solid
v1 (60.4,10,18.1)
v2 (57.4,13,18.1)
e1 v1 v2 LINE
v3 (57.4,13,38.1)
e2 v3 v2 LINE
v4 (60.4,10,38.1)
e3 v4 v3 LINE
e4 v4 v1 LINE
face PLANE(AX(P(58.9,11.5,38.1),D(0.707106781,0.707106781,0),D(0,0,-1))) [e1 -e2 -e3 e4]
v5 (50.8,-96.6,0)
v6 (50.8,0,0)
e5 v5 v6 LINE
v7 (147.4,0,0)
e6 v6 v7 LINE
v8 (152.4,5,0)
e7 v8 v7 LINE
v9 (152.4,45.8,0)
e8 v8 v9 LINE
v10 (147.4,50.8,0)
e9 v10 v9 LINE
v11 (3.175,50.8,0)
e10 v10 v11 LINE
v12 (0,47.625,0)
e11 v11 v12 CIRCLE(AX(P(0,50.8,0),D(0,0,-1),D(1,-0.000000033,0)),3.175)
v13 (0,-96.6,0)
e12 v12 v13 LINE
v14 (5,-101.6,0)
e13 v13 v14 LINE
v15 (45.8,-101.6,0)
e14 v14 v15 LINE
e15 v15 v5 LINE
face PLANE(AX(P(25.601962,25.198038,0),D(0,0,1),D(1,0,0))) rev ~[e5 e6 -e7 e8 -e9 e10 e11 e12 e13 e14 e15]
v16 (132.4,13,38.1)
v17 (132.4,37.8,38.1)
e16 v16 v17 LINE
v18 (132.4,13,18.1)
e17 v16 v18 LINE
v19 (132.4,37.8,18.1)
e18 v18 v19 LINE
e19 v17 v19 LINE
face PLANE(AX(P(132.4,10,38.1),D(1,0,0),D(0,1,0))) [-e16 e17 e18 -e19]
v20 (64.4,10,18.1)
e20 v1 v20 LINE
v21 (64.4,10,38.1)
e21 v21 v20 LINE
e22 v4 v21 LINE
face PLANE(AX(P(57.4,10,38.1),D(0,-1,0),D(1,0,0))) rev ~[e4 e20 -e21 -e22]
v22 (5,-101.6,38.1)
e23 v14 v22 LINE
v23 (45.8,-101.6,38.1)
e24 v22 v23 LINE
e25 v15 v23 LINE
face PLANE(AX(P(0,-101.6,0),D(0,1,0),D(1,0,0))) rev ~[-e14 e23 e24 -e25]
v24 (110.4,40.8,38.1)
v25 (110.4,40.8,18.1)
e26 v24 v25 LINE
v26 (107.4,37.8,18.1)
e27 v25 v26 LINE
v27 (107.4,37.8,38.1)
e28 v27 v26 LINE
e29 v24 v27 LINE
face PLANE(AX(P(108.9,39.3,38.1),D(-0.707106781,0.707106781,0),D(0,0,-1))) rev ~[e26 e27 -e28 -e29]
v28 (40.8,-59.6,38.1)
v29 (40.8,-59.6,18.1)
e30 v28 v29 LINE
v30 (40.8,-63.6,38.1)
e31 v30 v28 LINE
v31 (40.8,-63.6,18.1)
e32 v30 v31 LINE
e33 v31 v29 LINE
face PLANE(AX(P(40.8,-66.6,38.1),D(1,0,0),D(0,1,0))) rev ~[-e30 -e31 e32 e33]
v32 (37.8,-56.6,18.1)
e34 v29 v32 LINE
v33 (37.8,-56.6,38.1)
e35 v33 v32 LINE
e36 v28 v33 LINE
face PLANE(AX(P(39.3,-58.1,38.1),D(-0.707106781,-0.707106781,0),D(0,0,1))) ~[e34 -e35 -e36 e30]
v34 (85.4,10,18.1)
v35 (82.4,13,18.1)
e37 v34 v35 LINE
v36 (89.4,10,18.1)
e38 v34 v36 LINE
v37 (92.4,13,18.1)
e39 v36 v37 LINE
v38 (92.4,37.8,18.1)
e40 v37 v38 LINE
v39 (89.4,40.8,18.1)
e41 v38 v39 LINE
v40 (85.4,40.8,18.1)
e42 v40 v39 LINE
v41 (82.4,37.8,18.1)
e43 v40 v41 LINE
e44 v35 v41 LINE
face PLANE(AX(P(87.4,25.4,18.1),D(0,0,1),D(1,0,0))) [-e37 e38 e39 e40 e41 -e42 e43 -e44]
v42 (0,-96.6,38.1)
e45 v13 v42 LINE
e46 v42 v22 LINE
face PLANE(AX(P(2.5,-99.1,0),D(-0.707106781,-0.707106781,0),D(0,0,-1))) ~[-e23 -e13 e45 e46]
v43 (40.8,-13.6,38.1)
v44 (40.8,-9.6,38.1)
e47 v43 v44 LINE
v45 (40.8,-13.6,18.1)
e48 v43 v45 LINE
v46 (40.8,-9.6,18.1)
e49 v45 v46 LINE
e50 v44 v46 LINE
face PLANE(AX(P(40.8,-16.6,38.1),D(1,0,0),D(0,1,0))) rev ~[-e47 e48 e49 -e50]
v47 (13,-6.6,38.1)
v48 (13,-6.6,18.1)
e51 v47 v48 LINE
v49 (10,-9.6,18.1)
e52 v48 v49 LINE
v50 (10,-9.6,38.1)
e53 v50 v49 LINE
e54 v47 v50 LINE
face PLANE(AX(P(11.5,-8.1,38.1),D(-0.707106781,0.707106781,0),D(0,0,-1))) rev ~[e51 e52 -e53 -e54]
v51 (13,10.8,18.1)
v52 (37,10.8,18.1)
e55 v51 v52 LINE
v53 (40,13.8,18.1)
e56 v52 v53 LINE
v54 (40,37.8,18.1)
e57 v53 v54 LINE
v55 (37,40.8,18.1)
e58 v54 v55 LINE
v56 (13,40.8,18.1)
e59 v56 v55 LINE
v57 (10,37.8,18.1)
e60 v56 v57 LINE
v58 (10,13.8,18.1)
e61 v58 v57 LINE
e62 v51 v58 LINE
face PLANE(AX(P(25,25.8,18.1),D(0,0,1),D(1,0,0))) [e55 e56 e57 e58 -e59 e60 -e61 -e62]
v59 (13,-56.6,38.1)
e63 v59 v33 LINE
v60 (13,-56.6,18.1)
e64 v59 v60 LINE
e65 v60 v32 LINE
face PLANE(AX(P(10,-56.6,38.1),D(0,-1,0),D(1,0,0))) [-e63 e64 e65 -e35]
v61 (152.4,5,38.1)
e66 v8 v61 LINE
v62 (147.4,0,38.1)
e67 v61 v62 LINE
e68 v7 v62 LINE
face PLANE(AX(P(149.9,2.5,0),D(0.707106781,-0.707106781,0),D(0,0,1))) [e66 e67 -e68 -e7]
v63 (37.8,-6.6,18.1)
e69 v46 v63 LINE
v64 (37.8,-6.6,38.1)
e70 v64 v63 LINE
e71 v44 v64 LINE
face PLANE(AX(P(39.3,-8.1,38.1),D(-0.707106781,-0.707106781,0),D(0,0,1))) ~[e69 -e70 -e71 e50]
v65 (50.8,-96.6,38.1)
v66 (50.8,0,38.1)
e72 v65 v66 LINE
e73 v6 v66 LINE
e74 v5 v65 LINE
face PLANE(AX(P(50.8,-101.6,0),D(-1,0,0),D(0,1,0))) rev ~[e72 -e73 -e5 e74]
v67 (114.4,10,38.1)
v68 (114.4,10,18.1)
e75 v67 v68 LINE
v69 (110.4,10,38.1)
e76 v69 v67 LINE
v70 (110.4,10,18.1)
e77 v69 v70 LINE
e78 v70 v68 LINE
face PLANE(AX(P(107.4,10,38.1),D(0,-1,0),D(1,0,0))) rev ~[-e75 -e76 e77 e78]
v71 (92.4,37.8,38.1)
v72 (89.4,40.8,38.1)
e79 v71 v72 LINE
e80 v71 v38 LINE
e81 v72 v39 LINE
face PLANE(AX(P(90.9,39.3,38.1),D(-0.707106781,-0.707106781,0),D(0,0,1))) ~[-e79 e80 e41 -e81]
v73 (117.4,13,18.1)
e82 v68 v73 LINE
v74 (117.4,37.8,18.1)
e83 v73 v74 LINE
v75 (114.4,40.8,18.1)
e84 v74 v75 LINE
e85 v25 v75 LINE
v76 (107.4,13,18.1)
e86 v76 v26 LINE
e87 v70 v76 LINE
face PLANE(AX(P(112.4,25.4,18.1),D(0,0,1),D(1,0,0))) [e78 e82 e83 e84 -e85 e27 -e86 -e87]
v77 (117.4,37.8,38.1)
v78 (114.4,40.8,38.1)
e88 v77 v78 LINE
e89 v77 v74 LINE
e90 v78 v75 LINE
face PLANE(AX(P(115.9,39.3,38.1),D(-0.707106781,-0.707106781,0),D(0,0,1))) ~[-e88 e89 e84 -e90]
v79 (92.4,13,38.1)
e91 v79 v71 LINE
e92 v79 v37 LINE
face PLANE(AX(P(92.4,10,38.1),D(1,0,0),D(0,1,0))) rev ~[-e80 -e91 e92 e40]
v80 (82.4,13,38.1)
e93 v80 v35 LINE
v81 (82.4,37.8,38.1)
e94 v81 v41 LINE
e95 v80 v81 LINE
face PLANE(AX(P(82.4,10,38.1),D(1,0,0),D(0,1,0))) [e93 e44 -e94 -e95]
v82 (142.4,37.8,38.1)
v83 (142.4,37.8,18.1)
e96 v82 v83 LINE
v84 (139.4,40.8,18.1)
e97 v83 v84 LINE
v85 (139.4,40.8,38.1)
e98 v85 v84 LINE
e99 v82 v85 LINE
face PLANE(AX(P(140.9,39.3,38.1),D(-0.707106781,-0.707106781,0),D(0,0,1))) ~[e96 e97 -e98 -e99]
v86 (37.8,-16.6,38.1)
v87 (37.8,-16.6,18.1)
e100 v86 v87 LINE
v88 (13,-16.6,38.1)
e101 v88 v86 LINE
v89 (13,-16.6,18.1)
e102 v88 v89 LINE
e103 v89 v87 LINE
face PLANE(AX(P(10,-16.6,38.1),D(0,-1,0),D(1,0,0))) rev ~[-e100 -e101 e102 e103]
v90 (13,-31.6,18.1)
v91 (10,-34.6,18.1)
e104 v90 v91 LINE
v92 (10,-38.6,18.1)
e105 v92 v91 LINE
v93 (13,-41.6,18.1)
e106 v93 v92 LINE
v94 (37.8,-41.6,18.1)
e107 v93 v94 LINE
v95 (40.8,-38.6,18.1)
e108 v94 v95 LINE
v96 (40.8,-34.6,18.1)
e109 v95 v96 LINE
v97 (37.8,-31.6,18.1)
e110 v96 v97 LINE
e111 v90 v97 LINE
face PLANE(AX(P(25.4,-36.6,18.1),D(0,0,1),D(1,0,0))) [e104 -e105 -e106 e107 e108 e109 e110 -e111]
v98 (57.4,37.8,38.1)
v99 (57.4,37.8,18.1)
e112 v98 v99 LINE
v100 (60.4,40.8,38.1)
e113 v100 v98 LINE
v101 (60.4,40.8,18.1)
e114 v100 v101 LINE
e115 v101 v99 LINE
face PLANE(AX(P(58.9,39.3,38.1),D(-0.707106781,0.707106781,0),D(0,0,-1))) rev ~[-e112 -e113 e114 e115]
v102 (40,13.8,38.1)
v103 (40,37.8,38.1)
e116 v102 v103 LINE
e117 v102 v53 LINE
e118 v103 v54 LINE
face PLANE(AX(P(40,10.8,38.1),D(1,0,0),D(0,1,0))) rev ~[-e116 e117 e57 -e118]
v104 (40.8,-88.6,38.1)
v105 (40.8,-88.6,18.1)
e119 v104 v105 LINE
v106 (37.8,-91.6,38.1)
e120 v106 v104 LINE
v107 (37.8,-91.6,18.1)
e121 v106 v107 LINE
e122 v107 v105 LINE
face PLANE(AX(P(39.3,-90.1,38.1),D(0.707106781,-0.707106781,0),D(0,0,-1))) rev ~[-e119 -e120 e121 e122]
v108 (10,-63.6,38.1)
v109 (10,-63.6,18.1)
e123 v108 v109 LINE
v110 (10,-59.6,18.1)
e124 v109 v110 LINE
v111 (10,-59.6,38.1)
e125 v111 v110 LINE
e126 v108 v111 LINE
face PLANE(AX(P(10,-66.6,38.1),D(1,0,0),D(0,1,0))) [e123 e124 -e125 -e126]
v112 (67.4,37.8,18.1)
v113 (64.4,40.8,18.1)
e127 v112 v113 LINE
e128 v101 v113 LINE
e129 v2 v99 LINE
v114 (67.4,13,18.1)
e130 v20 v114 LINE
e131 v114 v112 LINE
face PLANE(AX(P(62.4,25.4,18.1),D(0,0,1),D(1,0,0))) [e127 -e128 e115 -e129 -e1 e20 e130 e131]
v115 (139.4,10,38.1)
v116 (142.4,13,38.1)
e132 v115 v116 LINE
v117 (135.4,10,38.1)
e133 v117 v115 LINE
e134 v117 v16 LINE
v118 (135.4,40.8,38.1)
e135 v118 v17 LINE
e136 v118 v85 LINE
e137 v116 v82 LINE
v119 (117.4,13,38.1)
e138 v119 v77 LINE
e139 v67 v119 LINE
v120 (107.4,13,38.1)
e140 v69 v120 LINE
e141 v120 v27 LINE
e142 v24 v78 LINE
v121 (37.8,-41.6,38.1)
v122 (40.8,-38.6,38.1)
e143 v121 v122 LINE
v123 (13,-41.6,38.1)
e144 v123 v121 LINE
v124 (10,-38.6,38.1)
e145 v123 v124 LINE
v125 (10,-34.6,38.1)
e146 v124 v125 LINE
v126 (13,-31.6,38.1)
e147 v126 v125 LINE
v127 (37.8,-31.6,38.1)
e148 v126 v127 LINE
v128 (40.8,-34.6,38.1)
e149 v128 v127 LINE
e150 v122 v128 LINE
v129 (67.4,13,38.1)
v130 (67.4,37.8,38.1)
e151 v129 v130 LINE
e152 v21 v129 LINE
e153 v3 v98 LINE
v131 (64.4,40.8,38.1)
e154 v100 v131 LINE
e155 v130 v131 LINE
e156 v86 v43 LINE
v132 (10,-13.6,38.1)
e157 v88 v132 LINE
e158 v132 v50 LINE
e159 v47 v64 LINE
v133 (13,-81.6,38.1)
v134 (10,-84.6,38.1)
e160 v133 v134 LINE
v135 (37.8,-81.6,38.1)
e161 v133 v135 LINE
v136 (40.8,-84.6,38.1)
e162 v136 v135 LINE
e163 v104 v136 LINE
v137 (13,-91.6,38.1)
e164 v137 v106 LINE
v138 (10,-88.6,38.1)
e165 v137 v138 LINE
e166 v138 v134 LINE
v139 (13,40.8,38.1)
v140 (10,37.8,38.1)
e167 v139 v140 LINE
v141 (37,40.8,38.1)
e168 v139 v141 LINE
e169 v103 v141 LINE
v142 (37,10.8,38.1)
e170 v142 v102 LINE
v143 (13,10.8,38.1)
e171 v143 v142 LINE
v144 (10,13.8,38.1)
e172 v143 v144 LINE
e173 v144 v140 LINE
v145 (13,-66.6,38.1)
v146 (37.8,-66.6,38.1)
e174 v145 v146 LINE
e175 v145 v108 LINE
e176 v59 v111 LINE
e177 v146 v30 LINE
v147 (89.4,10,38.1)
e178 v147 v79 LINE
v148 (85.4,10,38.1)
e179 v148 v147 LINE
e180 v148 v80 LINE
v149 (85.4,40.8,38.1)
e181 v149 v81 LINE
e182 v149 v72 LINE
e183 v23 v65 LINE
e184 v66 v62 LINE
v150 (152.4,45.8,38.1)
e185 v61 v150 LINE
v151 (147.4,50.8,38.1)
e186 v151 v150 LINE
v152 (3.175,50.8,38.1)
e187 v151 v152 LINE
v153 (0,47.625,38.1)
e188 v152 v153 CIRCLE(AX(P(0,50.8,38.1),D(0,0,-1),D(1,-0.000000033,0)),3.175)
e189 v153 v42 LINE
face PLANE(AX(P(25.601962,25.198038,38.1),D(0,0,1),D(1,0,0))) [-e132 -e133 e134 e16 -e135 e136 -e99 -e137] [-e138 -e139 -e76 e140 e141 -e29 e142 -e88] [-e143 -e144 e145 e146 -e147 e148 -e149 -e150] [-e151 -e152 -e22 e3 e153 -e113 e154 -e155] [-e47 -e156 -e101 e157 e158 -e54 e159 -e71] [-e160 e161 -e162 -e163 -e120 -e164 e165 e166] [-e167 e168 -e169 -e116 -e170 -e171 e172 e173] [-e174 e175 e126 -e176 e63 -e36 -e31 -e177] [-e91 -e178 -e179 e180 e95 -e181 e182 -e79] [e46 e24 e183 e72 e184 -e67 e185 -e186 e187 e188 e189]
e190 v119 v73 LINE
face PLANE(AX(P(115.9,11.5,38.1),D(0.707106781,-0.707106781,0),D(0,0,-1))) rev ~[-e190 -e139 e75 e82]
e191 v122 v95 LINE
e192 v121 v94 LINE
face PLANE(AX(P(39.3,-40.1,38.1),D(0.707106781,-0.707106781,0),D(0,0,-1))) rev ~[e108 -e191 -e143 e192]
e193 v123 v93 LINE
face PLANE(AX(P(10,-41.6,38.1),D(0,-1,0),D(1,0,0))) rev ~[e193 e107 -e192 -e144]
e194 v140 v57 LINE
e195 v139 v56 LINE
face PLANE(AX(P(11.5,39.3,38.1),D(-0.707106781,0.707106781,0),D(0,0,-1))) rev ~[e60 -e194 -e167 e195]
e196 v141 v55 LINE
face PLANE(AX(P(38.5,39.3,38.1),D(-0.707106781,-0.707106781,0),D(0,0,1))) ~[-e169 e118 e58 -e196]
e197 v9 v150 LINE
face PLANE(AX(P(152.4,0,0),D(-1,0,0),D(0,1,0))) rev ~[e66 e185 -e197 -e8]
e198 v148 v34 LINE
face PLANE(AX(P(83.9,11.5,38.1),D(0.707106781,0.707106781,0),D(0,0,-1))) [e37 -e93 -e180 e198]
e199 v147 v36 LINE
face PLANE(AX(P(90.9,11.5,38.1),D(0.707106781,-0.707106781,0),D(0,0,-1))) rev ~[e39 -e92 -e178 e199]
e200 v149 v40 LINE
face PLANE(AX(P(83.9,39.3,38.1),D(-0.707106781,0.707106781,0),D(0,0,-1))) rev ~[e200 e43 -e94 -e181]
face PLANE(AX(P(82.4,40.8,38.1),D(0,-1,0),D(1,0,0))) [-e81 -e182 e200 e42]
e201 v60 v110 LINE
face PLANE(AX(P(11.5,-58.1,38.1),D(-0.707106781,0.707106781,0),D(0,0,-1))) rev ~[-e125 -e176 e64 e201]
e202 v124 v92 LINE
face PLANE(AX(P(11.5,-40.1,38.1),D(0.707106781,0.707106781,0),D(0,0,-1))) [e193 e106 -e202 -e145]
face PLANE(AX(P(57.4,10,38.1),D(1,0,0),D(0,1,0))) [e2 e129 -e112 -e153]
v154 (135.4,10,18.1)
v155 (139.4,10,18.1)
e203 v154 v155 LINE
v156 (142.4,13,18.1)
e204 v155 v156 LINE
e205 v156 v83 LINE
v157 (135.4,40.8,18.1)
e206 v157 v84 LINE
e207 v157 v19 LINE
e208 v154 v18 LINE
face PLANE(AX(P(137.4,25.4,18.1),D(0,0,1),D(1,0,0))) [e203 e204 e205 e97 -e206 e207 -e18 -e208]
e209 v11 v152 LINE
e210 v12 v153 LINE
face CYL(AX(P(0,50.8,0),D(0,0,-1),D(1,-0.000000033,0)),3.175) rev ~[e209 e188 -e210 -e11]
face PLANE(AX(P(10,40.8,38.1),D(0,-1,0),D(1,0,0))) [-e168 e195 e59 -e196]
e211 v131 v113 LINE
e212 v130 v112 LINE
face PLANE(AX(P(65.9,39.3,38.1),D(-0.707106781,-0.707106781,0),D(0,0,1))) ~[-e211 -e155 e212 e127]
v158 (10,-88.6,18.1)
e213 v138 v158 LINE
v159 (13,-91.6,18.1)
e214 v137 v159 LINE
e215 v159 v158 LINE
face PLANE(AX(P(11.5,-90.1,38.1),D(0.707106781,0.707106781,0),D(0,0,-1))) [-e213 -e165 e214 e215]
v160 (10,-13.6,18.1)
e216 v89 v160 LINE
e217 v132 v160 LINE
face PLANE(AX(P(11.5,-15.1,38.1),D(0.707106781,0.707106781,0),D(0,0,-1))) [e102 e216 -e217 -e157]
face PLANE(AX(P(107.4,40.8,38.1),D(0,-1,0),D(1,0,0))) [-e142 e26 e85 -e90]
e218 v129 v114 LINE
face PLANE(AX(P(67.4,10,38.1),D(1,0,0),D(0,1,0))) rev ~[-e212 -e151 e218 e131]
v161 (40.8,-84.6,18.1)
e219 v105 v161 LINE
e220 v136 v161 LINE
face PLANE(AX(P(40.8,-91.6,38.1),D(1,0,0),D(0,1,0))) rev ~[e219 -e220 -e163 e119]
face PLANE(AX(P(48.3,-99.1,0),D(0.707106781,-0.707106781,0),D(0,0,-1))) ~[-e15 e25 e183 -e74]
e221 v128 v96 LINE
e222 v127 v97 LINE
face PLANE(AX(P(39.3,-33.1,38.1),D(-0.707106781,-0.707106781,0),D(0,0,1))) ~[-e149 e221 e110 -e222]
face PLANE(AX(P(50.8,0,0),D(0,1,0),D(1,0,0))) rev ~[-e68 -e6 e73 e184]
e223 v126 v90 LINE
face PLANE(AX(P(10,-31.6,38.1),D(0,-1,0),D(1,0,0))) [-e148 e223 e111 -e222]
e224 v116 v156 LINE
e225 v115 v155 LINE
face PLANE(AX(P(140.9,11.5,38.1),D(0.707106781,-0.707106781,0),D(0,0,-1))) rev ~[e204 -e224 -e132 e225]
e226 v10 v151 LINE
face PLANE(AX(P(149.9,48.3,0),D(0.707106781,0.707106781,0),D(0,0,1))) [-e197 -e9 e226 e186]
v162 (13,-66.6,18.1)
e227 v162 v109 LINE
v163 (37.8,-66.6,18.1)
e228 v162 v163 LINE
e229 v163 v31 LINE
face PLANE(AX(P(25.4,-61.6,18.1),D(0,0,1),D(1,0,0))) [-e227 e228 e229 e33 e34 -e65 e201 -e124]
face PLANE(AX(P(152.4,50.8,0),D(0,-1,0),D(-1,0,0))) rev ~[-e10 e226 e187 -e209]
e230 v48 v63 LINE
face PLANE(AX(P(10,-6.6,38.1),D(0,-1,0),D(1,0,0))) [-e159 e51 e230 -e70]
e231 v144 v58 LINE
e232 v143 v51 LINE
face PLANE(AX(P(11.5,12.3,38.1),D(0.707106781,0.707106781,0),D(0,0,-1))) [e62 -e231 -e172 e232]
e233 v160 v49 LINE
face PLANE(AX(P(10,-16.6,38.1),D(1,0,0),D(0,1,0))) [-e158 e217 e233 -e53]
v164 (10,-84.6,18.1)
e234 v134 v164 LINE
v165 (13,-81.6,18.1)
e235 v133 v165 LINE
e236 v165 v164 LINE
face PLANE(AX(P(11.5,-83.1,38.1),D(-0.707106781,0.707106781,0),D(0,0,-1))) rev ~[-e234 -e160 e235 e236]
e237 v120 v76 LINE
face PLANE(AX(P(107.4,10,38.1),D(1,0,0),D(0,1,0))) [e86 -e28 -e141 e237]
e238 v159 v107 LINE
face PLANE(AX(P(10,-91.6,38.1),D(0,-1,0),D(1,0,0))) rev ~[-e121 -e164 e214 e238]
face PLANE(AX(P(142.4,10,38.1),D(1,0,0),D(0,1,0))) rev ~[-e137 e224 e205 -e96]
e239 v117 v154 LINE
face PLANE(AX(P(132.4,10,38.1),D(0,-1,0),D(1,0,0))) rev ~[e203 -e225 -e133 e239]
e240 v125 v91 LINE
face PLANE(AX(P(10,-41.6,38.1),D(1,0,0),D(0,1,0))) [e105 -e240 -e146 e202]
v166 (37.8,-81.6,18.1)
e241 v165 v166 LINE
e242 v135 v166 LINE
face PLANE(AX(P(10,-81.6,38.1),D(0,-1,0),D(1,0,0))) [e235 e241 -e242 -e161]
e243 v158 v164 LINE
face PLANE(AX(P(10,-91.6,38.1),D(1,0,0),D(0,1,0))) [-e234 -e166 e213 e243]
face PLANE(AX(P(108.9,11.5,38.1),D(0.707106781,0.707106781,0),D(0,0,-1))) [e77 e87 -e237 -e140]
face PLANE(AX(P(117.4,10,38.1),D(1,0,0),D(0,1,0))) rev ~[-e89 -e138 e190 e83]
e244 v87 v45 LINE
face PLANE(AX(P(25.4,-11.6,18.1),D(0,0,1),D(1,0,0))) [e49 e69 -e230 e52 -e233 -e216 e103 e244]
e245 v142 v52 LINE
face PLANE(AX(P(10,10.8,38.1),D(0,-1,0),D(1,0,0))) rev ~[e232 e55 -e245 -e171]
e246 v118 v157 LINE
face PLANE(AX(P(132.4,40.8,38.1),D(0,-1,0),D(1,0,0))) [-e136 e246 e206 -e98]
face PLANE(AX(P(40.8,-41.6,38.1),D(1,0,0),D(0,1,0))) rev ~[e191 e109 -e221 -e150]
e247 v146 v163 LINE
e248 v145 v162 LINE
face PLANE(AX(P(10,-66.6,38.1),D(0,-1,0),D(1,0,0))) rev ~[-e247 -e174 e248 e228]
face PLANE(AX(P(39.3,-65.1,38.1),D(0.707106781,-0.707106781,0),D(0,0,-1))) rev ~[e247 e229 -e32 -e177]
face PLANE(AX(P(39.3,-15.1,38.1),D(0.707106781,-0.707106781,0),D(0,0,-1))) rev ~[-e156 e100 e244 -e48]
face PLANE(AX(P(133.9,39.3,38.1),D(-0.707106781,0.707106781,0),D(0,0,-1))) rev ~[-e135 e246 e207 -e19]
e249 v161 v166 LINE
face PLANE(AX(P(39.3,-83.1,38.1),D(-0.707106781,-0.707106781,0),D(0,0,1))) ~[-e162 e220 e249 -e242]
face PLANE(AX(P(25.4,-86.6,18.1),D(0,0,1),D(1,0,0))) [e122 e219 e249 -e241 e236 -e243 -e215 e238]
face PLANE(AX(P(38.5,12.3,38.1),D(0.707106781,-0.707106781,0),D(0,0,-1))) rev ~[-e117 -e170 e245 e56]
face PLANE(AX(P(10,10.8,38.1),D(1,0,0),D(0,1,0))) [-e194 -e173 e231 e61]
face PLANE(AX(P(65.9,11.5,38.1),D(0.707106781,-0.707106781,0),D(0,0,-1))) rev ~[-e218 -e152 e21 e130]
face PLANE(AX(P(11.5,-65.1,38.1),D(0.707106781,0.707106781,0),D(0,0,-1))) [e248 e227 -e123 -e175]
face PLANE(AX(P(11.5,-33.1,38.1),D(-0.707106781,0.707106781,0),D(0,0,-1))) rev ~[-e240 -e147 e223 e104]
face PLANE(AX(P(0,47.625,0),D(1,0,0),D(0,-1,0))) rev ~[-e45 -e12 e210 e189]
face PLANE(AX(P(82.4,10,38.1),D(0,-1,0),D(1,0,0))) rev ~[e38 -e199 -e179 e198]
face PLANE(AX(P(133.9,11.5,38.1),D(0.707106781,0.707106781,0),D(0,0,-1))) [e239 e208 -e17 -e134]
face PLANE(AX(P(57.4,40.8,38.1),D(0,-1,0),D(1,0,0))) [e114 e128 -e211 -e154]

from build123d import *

# Parameters (mm, degrees)
F0_W     = 50.8
F0_H     = 101.6
F0_W_2   = 101.6
F0_H_2   = 50.8
F1_DEPTH = 38.1
F2_W     = 30.8
F2_H     = 10
F2_W_2   = 10
F2_H_2   = 30.8
F2_W_3   = 30
F2_H_3   = 30
F3_DEPTH = 20
F4_SIZE  = 3
F5_SIZE  = 5


with BuildPart() as f1:
    # F0 (on Top) → F1 (new body)
    with BuildSketch(Plane.XY):
        with BuildLine():
            Line((0, 47.625), (0, 0))
            Line((0, 0), (50.8, 0))
            Line((50.8, 0), (50.8, 50.8))
            Line((50.8, 50.8), (3.175, 50.8))
            ThreePointArc((3.175, 50.8), (2.245064, 48.554936), (0, 47.625))
        make_face()
        with Locations((25.4, -50.8)):
            Rectangle(F0_W, F0_H)
        with Locations((101.6, 25.4)):
            Rectangle(F0_W_2, F0_H_2)
    extrude(amount=F1_DEPTH)

    # F2 (on face) → F3 (cut)
    with BuildSketch(Plane.XY.offset(38.1)):
        with Locations((25.4, -86.6)):
            Rectangle(F2_W, F2_H)
        with Locations((25.4, -61.6)):
            Rectangle(F2_W, F2_H)
        with Locations((25.4, -36.6)):
            Rectangle(F2_W, F2_H)
        with Locations((25.4, -11.6)):
            Rectangle(F2_W, F2_H)
        with Locations((137.4, 25.4)):
            Rectangle(F2_W_2, F2_H_2)
        with Locations((112.4, 25.4)):
            Rectangle(F2_W_2, F2_H_2)
        with Locations((87.4, 25.4)):
            Rectangle(F2_W_2, F2_H_2)
        with Locations((62.4, 25.4)):
            Rectangle(F2_W_2, F2_H_2)
        with Locations((25, 25.8)):
            Rectangle(F2_W_3, F2_H_3)
    extrude(amount=-F3_DEPTH, mode=Mode.SUBTRACT)

    # F4
    f4_edges = [f1.edges().sort_by_distance(p)[0] for p in [
        (10, -6.6, 28.1),
        (10, 40.8, 28.1),
        (10, -31.6, 28.1),
        (10, -56.6, 28.1),
        (10, -81.6, 28.1),
        (10, -91.6, 28.1),
        (40.8, -81.6, 28.1),
        (40.8, -91.6, 28.1),
        (40.8, -66.6, 28.1),
        (40.8, -56.6, 28.1),
        (10, -66.6, 28.1),
        (10, -41.6, 28.1),
        (40.8, -31.6, 28.1),
        (40.8, -41.6, 28.1),
        (10, -16.6, 28.1),
        (40.8, -16.6, 28.1),
        (40.8, -6.6, 28.1),
        (10, 10.8, 28.1),
        (40, 40.8, 28.1),
        (40, 10.8, 28.1),
        (57.4, 40.8, 28.1),
        (57.4, 10, 28.1),
        (67.4, 10, 28.1),
        (67.4, 40.8, 28.1),
        (82.4, 40.8, 28.1),
        (82.4, 10, 28.1),
        (92.4, 40.8, 28.1),
        (92.4, 10, 28.1),
        (107.4, 10, 28.1),
        (117.4, 10, 28.1),
        (117.4, 40.8, 28.1),
        (107.4, 40.8, 28.1),
        (132.4, 10, 28.1),
        (142.4, 10, 28.1),
        (142.4, 40.8, 28.1),
        (132.4, 40.8, 28.1),
    ]]
    chamfer(f4_edges, length=F4_SIZE)

    # F5
    f5_edges = [f1.edges().sort_by_distance(p)[0] for p in [
        (0, -101.6, 19.05),
        (50.8, -101.6, 19.05),
        (152.4, 0, 19.05),
        (152.4, 50.8, 19.05),
    ]]
    chamfer(f5_edges, length=F5_SIZE)


solid = f1.part
